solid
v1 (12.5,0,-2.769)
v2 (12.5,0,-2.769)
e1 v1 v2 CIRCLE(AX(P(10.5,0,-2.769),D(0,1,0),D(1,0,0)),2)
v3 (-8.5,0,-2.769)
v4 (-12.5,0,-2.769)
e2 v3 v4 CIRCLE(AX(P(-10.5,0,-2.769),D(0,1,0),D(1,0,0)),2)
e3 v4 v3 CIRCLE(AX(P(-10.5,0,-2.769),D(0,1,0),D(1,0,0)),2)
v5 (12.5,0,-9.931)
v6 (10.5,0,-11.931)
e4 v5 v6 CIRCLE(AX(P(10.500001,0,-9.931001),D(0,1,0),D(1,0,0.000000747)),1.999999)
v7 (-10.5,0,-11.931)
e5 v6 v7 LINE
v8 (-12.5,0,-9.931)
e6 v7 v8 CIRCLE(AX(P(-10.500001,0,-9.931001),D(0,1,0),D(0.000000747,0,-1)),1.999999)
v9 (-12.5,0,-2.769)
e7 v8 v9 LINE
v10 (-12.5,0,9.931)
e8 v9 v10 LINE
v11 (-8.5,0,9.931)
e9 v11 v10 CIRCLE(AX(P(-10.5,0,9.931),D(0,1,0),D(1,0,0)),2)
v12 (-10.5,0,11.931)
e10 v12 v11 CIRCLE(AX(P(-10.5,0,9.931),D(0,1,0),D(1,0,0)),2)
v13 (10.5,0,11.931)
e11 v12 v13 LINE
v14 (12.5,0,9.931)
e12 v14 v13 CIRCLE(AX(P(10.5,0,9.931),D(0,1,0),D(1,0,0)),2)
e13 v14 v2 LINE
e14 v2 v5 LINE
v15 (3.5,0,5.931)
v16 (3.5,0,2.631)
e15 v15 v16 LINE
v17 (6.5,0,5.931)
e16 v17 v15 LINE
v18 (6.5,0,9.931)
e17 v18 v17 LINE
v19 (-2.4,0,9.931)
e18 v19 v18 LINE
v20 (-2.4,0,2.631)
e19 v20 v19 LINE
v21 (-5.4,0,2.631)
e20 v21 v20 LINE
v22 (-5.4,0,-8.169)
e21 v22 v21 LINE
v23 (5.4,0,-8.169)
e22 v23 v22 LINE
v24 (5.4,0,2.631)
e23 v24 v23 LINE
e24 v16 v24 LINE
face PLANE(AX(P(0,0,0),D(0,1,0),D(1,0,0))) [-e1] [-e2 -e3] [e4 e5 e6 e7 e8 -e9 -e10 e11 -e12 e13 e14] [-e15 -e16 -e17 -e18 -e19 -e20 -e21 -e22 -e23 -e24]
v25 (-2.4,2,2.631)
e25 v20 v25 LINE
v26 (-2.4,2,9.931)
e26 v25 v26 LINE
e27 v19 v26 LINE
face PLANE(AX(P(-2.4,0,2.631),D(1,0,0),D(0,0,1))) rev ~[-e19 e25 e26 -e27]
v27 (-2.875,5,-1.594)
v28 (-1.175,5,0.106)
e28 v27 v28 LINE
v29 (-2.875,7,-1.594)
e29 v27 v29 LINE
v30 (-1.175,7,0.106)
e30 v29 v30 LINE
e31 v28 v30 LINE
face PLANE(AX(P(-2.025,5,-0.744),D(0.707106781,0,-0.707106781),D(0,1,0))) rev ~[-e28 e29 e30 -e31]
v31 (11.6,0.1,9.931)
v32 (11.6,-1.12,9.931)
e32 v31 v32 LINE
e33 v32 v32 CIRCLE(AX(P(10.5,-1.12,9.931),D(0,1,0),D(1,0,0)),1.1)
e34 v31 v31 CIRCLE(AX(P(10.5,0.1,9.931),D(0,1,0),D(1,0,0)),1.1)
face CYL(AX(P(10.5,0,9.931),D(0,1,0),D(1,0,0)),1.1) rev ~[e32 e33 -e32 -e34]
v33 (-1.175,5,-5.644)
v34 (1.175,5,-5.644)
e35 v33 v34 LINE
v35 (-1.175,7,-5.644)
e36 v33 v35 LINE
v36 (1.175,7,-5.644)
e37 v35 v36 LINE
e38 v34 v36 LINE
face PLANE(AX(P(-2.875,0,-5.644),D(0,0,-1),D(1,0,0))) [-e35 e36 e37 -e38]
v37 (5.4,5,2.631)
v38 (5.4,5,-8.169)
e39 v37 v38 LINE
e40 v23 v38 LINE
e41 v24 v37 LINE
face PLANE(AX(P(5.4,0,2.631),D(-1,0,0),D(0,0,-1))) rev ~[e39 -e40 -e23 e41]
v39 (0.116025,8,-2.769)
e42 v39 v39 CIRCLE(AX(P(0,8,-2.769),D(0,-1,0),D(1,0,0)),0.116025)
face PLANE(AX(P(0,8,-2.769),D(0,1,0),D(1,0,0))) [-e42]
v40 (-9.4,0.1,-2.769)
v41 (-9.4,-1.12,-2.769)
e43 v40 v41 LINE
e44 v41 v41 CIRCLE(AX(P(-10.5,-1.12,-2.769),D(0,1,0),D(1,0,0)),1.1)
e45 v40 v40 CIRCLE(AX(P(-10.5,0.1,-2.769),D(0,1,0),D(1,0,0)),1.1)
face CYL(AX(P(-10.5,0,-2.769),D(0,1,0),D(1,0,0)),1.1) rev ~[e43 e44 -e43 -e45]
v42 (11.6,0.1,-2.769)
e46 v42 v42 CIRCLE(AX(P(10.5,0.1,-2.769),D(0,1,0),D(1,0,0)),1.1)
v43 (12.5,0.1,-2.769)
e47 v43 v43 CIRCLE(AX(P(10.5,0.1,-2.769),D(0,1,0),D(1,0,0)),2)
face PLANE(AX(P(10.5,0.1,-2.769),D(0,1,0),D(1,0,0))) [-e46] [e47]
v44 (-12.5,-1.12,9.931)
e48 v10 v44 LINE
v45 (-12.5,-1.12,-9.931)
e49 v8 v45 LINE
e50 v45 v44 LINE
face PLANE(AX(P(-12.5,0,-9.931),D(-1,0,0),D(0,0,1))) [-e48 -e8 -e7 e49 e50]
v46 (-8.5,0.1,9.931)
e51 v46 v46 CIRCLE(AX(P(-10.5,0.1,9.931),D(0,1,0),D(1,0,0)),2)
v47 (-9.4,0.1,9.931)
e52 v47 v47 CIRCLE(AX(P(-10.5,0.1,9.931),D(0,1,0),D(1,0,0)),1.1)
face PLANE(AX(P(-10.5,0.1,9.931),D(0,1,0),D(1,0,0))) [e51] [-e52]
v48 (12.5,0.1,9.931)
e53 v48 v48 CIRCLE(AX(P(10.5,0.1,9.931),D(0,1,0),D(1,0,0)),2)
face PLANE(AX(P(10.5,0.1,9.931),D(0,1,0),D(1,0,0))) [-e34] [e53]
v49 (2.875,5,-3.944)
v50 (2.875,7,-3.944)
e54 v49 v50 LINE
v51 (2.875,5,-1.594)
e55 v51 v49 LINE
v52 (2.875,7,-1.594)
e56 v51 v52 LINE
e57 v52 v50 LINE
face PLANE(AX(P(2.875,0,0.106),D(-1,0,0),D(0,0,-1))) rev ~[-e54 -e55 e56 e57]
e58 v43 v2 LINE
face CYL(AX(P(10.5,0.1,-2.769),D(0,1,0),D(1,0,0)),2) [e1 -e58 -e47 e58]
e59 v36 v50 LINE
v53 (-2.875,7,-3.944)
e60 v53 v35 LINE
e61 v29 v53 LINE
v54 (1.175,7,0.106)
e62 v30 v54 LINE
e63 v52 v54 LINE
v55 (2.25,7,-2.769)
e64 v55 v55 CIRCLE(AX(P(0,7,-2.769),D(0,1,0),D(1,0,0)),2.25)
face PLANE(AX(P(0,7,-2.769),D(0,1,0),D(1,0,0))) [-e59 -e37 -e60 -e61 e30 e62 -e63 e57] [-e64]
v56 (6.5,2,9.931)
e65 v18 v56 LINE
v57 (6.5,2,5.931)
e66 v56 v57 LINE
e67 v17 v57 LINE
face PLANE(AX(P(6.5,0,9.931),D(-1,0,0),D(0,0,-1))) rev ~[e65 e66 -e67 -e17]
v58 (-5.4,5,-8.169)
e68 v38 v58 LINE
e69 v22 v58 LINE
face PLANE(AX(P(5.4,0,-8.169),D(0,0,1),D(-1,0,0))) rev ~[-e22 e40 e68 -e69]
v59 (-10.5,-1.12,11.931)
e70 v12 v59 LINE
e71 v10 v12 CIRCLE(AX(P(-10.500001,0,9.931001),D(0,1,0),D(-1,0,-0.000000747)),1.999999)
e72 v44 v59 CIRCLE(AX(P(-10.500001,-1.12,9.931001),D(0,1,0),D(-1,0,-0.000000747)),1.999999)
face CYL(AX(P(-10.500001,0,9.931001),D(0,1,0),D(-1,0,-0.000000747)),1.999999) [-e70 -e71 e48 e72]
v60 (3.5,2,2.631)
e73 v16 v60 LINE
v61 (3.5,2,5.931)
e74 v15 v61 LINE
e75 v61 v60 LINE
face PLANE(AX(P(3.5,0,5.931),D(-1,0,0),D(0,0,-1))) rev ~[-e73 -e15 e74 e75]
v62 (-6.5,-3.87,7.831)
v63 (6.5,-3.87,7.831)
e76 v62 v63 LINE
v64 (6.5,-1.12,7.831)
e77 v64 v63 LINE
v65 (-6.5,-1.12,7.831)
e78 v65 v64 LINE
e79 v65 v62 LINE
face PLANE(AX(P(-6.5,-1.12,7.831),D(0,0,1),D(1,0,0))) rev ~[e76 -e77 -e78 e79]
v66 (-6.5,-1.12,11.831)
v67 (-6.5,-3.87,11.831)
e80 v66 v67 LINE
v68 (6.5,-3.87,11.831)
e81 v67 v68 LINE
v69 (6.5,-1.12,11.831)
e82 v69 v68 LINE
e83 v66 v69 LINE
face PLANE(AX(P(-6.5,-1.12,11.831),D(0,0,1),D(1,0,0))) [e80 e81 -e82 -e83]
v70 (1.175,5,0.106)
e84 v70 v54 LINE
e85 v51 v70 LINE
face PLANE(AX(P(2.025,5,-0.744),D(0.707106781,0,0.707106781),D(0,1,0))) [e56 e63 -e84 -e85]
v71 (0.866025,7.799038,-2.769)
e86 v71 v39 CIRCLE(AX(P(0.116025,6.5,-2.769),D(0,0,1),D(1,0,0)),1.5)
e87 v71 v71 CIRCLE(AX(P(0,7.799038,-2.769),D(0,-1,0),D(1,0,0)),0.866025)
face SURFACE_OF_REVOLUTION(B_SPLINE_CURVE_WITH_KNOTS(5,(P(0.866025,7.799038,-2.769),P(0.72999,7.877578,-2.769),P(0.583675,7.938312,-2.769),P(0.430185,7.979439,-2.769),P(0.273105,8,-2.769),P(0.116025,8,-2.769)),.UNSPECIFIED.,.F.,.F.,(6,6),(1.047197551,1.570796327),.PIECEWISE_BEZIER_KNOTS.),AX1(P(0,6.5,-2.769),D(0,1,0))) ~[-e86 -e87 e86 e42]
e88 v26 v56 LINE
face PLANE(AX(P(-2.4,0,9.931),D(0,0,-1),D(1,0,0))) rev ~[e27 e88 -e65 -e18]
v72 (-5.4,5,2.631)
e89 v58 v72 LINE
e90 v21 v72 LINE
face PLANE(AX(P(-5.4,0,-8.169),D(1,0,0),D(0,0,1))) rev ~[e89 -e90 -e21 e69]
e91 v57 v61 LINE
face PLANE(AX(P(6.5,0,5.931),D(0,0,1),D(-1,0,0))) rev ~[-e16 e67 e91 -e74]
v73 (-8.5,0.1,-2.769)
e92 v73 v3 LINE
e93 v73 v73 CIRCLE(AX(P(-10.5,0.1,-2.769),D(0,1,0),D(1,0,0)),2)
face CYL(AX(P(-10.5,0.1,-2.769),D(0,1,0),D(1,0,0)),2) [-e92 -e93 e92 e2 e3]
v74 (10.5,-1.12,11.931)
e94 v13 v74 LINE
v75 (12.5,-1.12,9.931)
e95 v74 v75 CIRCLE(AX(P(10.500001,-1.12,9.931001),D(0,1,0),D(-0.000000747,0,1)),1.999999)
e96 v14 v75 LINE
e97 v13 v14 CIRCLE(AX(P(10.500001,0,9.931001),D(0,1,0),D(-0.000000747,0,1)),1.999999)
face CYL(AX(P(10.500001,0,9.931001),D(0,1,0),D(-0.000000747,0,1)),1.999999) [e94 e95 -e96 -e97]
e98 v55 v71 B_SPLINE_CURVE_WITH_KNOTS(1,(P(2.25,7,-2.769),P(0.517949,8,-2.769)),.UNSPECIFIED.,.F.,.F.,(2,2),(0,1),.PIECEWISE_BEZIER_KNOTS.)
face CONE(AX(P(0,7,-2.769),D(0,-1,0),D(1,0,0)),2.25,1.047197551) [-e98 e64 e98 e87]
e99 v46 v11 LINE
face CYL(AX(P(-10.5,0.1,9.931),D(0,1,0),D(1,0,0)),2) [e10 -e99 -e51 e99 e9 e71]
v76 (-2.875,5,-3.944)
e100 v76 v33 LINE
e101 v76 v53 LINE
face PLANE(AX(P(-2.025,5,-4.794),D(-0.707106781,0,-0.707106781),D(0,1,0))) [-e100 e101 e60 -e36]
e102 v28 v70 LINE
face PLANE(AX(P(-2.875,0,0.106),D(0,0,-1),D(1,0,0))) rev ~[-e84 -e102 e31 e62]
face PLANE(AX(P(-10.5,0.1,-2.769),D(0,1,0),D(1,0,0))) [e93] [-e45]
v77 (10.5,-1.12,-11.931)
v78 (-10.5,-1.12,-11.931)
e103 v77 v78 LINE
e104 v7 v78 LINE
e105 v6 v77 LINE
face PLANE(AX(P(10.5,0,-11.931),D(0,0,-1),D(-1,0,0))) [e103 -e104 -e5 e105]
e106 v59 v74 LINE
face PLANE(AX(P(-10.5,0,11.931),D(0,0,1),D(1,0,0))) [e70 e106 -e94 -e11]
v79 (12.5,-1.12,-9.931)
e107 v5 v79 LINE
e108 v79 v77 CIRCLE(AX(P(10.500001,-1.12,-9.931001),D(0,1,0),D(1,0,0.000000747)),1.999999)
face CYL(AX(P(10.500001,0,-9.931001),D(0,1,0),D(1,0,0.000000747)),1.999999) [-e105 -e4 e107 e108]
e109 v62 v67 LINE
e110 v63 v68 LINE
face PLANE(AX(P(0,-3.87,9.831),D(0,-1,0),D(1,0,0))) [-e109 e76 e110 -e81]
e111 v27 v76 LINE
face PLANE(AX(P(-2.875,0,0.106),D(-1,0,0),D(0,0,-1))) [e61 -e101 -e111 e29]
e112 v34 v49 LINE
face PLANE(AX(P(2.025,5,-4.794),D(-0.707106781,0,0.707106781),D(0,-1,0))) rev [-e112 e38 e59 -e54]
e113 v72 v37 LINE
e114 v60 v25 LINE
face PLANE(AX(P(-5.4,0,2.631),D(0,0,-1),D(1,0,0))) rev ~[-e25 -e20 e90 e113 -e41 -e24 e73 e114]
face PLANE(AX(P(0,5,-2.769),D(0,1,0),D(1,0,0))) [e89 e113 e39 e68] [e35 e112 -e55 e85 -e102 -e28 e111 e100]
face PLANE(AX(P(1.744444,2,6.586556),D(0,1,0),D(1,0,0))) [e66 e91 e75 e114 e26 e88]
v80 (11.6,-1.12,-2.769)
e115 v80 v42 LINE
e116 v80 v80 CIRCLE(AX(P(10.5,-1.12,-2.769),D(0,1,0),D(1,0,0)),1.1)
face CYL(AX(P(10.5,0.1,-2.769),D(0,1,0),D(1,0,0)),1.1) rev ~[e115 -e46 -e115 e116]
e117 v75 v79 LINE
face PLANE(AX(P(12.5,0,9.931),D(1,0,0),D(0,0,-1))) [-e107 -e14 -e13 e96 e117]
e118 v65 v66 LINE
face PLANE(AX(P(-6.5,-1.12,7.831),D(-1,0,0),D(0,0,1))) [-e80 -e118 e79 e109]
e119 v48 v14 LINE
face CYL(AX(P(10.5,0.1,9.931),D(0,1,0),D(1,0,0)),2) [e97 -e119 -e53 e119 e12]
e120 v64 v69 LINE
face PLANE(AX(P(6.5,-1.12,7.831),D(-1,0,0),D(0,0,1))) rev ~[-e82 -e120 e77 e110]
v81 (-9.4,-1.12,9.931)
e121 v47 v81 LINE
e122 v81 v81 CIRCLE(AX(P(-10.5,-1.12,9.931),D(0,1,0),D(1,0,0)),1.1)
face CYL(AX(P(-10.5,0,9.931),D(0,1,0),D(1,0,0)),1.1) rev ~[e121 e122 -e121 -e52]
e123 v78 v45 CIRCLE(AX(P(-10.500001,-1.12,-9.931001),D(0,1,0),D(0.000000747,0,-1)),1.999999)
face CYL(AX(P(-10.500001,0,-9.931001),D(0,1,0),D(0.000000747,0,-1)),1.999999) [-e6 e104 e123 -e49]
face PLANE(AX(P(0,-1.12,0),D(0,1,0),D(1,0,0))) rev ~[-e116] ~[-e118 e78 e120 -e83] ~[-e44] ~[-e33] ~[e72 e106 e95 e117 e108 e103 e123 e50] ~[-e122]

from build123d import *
from build123d.topology import SkipClean

# Parameters (mm, degrees)
SKETCH1_R           = 1.1
BOSS_EXTRUDE1_DEPTH = 1.12
SKETCH1_3_W         = 5.75
SKETCH1_3_H         = 5.75
BOSS_EXTRUDE2_DEPTH = 7
SKETCH1_4_W         = 5.75
SKETCH1_4_H         = 5.75
BOSS_EXTRUDE3_DEPTH = 5
BOSS_EXTRUDE4_DEPTH = 2
BOSS_EXTRUDE5_START = 0.1
SKETCH1_7_R         = 2
SKETCH1_7_R_2       = 1.1
BOSS_EXTRUDE5_DEPTH = 0.1
CHAMFER1_SIZE       = 1.7
SKETCH3_R           = 2.25
BOSS_EXTRUDE6_DEPTH = 1
BOSS_EXTRUDE6_TAPER = 60
FILLET1_R           = 1.5
SKETCH4_W           = 13
SKETCH4_H           = 4
BOSS_EXTRUDE7_DEPTH = 2.75


with BuildPart() as part:
    # Sketch1 → Boss-Extrude1 (new body)
    with BuildSketch(Plane(origin=(0, 0, 0), x_dir=(1, 0, 0), z_dir=(0, 1, 0))):
        with BuildLine():
            ThreePointArc((-12.5, -9.931), (-11.914214, -11.345214), (-10.5, -11.931))
            Line((-10.5, -11.931), (10.5, -11.931))
            ThreePointArc((10.5, -11.931), (11.914214, -11.345214), (12.5, -9.931))
            Line((12.5, -9.931), (12.5, 9.931))
            ThreePointArc((12.5, 9.931), (11.914214, 11.345214), (10.5, 11.931))
            Line((10.5, 11.931), (-10.5, 11.931))
            ThreePointArc((-10.5, 11.931), (-11.914214, 11.345214), (-12.5, 9.931))
            Line((-12.5, 9.931), (-12.5, -9.931))
        make_face()
        with Locations((-10.5, -9.931)):
            Circle(SKETCH1_R, mode=Mode.SUBTRACT)
        with Locations((10.5, -9.931)):
            Circle(SKETCH1_R, mode=Mode.SUBTRACT)
        with Locations((-10.5, 2.769)):
            Circle(SKETCH1_R, mode=Mode.SUBTRACT)
        with Locations((10.5, 2.769)):
            Circle(SKETCH1_R, mode=Mode.SUBTRACT)
    extrude(amount=-BOSS_EXTRUDE1_DEPTH)

    # Sketch1<3> → Boss-Extrude2 (add)
    with BuildSketch(Plane(origin=(0, 0, 0), x_dir=(1, 0, 0), z_dir=(0, 1, 0))):
        with Locations((0, 2.769)):
            Rectangle(SKETCH1_3_W, SKETCH1_3_H)
    extrude(amount=BOSS_EXTRUDE2_DEPTH)

    # Sketch1<4> → Boss-Extrude3 (add)
    with BuildSketch(Plane(origin=(0, 0, 0), x_dir=(1, 0, 0), z_dir=(0, 1, 0))):
        Polygon((-5.4, 8.169), (-5.4, -2.631), (-2.4, -2.631), (3.5, -2.631), (5.4, -2.631), (5.4, 8.169), align=None)
        with Locations((0, 2.769)):
            Rectangle(SKETCH1_4_W, SKETCH1_4_H, mode=Mode.SUBTRACT)
    extrude(amount=BOSS_EXTRUDE3_DEPTH)

    # Sketch1<6> → Boss-Extrude4 (add)
    with BuildSketch(Plane(origin=(0, 0, 0), x_dir=(1, 0, 0), z_dir=(0, 1, 0))):
        Polygon((3.5, -2.631), (-2.4, -2.631), (-2.4, -9.931), (6.5, -9.931), (6.5, -5.931), (3.5, -5.931), align=None)
    extrude(amount=BOSS_EXTRUDE4_DEPTH)

    # Sketch1<7> → Boss-Extrude5 (add)
    # profile 1 of 4: a face of its own
    with BuildSketch(Plane(origin=(0, 0, 0), x_dir=(1, 0, 0), z_dir=(0, 1, 0)).offset(BOSS_EXTRUDE5_START)):
        with Locations((10.5, 2.769)):
            Circle(SKETCH1_7_R)
        with Locations((10.5, 2.769)):
            Circle(SKETCH1_7_R_2, mode=Mode.SUBTRACT)
    # profile 2 of 4: a face of its own
    with BuildSketch(Plane(origin=(0, 0, 0), x_dir=(1, 0, 0), z_dir=(0, 1, 0)).offset(BOSS_EXTRUDE5_START)):
        with Locations((-10.5, 2.769)):
            Circle(SKETCH1_7_R)
        with Locations((-10.5, 2.769)):
            Circle(SKETCH1_7_R_2, mode=Mode.SUBTRACT)
    # profile 3 of 4: a face of its own
    with BuildSketch(Plane(origin=(0, 0, 0), x_dir=(1, 0, 0), z_dir=(0, 1, 0)).offset(BOSS_EXTRUDE5_START)):
        with Locations((-10.5, -9.931)):
            Circle(SKETCH1_7_R)
        with Locations((-10.5, -9.931)):
            Circle(SKETCH1_7_R_2, mode=Mode.SUBTRACT)
    # profile 4 of 4: a face of its own
    with BuildSketch(Plane(origin=(0, 0, 0), x_dir=(1, 0, 0), z_dir=(0, 1, 0)).offset(BOSS_EXTRUDE5_START)):
        with Locations((10.5, -9.931)):
            Circle(SKETCH1_7_R)
        with Locations((10.5, -9.931)):
            Circle(SKETCH1_7_R_2, mode=Mode.SUBTRACT)
    extrude(amount=-BOSS_EXTRUDE5_DEPTH)

    # Chamfer1
    chamfer1_edges = [part.edges().sort_by_distance(p)[0] for p in [
        (-2.875, 6, -5.644),
        (2.875, 6, -5.644),
        (2.875, 6, 0.106),
        (-2.875, 6, 0.106),
    ]]
    chamfer(chamfer1_edges, length=CHAMFER1_SIZE)

    # Sketch3 → Boss-Extrude6 (add)
    with SkipClean():  # the faces are left unmerged after this step: merging them gives an invalid solid
        with BuildSketch(Plane(origin=(0, 7, 0), x_dir=(1, 0, 0), z_dir=(0, 1, 0))):
            with Locations((0, 2.769)):
                Circle(SKETCH3_R)
        extrude(amount=BOSS_EXTRUDE6_DEPTH, taper=BOSS_EXTRUDE6_TAPER)

    # Fillet1
    fillet1_edges = [part.edges().sort_by_distance(p)[0] for p in [
        (-0.517949, 8, -2.769),
    ]]
    fillet(fillet1_edges, radius=FILLET1_R)

    # Sketch4 → Boss-Extrude7 (add)
    with SkipClean():  # the faces are left unmerged after this step: merging them gives an invalid solid
        with BuildSketch(Plane.XZ.offset(1.12)):
            with Locations((0, 9.831)):
                Rectangle(SKETCH4_W, SKETCH4_H)
        extrude(amount=BOSS_EXTRUDE7_DEPTH)


solid = part.part
